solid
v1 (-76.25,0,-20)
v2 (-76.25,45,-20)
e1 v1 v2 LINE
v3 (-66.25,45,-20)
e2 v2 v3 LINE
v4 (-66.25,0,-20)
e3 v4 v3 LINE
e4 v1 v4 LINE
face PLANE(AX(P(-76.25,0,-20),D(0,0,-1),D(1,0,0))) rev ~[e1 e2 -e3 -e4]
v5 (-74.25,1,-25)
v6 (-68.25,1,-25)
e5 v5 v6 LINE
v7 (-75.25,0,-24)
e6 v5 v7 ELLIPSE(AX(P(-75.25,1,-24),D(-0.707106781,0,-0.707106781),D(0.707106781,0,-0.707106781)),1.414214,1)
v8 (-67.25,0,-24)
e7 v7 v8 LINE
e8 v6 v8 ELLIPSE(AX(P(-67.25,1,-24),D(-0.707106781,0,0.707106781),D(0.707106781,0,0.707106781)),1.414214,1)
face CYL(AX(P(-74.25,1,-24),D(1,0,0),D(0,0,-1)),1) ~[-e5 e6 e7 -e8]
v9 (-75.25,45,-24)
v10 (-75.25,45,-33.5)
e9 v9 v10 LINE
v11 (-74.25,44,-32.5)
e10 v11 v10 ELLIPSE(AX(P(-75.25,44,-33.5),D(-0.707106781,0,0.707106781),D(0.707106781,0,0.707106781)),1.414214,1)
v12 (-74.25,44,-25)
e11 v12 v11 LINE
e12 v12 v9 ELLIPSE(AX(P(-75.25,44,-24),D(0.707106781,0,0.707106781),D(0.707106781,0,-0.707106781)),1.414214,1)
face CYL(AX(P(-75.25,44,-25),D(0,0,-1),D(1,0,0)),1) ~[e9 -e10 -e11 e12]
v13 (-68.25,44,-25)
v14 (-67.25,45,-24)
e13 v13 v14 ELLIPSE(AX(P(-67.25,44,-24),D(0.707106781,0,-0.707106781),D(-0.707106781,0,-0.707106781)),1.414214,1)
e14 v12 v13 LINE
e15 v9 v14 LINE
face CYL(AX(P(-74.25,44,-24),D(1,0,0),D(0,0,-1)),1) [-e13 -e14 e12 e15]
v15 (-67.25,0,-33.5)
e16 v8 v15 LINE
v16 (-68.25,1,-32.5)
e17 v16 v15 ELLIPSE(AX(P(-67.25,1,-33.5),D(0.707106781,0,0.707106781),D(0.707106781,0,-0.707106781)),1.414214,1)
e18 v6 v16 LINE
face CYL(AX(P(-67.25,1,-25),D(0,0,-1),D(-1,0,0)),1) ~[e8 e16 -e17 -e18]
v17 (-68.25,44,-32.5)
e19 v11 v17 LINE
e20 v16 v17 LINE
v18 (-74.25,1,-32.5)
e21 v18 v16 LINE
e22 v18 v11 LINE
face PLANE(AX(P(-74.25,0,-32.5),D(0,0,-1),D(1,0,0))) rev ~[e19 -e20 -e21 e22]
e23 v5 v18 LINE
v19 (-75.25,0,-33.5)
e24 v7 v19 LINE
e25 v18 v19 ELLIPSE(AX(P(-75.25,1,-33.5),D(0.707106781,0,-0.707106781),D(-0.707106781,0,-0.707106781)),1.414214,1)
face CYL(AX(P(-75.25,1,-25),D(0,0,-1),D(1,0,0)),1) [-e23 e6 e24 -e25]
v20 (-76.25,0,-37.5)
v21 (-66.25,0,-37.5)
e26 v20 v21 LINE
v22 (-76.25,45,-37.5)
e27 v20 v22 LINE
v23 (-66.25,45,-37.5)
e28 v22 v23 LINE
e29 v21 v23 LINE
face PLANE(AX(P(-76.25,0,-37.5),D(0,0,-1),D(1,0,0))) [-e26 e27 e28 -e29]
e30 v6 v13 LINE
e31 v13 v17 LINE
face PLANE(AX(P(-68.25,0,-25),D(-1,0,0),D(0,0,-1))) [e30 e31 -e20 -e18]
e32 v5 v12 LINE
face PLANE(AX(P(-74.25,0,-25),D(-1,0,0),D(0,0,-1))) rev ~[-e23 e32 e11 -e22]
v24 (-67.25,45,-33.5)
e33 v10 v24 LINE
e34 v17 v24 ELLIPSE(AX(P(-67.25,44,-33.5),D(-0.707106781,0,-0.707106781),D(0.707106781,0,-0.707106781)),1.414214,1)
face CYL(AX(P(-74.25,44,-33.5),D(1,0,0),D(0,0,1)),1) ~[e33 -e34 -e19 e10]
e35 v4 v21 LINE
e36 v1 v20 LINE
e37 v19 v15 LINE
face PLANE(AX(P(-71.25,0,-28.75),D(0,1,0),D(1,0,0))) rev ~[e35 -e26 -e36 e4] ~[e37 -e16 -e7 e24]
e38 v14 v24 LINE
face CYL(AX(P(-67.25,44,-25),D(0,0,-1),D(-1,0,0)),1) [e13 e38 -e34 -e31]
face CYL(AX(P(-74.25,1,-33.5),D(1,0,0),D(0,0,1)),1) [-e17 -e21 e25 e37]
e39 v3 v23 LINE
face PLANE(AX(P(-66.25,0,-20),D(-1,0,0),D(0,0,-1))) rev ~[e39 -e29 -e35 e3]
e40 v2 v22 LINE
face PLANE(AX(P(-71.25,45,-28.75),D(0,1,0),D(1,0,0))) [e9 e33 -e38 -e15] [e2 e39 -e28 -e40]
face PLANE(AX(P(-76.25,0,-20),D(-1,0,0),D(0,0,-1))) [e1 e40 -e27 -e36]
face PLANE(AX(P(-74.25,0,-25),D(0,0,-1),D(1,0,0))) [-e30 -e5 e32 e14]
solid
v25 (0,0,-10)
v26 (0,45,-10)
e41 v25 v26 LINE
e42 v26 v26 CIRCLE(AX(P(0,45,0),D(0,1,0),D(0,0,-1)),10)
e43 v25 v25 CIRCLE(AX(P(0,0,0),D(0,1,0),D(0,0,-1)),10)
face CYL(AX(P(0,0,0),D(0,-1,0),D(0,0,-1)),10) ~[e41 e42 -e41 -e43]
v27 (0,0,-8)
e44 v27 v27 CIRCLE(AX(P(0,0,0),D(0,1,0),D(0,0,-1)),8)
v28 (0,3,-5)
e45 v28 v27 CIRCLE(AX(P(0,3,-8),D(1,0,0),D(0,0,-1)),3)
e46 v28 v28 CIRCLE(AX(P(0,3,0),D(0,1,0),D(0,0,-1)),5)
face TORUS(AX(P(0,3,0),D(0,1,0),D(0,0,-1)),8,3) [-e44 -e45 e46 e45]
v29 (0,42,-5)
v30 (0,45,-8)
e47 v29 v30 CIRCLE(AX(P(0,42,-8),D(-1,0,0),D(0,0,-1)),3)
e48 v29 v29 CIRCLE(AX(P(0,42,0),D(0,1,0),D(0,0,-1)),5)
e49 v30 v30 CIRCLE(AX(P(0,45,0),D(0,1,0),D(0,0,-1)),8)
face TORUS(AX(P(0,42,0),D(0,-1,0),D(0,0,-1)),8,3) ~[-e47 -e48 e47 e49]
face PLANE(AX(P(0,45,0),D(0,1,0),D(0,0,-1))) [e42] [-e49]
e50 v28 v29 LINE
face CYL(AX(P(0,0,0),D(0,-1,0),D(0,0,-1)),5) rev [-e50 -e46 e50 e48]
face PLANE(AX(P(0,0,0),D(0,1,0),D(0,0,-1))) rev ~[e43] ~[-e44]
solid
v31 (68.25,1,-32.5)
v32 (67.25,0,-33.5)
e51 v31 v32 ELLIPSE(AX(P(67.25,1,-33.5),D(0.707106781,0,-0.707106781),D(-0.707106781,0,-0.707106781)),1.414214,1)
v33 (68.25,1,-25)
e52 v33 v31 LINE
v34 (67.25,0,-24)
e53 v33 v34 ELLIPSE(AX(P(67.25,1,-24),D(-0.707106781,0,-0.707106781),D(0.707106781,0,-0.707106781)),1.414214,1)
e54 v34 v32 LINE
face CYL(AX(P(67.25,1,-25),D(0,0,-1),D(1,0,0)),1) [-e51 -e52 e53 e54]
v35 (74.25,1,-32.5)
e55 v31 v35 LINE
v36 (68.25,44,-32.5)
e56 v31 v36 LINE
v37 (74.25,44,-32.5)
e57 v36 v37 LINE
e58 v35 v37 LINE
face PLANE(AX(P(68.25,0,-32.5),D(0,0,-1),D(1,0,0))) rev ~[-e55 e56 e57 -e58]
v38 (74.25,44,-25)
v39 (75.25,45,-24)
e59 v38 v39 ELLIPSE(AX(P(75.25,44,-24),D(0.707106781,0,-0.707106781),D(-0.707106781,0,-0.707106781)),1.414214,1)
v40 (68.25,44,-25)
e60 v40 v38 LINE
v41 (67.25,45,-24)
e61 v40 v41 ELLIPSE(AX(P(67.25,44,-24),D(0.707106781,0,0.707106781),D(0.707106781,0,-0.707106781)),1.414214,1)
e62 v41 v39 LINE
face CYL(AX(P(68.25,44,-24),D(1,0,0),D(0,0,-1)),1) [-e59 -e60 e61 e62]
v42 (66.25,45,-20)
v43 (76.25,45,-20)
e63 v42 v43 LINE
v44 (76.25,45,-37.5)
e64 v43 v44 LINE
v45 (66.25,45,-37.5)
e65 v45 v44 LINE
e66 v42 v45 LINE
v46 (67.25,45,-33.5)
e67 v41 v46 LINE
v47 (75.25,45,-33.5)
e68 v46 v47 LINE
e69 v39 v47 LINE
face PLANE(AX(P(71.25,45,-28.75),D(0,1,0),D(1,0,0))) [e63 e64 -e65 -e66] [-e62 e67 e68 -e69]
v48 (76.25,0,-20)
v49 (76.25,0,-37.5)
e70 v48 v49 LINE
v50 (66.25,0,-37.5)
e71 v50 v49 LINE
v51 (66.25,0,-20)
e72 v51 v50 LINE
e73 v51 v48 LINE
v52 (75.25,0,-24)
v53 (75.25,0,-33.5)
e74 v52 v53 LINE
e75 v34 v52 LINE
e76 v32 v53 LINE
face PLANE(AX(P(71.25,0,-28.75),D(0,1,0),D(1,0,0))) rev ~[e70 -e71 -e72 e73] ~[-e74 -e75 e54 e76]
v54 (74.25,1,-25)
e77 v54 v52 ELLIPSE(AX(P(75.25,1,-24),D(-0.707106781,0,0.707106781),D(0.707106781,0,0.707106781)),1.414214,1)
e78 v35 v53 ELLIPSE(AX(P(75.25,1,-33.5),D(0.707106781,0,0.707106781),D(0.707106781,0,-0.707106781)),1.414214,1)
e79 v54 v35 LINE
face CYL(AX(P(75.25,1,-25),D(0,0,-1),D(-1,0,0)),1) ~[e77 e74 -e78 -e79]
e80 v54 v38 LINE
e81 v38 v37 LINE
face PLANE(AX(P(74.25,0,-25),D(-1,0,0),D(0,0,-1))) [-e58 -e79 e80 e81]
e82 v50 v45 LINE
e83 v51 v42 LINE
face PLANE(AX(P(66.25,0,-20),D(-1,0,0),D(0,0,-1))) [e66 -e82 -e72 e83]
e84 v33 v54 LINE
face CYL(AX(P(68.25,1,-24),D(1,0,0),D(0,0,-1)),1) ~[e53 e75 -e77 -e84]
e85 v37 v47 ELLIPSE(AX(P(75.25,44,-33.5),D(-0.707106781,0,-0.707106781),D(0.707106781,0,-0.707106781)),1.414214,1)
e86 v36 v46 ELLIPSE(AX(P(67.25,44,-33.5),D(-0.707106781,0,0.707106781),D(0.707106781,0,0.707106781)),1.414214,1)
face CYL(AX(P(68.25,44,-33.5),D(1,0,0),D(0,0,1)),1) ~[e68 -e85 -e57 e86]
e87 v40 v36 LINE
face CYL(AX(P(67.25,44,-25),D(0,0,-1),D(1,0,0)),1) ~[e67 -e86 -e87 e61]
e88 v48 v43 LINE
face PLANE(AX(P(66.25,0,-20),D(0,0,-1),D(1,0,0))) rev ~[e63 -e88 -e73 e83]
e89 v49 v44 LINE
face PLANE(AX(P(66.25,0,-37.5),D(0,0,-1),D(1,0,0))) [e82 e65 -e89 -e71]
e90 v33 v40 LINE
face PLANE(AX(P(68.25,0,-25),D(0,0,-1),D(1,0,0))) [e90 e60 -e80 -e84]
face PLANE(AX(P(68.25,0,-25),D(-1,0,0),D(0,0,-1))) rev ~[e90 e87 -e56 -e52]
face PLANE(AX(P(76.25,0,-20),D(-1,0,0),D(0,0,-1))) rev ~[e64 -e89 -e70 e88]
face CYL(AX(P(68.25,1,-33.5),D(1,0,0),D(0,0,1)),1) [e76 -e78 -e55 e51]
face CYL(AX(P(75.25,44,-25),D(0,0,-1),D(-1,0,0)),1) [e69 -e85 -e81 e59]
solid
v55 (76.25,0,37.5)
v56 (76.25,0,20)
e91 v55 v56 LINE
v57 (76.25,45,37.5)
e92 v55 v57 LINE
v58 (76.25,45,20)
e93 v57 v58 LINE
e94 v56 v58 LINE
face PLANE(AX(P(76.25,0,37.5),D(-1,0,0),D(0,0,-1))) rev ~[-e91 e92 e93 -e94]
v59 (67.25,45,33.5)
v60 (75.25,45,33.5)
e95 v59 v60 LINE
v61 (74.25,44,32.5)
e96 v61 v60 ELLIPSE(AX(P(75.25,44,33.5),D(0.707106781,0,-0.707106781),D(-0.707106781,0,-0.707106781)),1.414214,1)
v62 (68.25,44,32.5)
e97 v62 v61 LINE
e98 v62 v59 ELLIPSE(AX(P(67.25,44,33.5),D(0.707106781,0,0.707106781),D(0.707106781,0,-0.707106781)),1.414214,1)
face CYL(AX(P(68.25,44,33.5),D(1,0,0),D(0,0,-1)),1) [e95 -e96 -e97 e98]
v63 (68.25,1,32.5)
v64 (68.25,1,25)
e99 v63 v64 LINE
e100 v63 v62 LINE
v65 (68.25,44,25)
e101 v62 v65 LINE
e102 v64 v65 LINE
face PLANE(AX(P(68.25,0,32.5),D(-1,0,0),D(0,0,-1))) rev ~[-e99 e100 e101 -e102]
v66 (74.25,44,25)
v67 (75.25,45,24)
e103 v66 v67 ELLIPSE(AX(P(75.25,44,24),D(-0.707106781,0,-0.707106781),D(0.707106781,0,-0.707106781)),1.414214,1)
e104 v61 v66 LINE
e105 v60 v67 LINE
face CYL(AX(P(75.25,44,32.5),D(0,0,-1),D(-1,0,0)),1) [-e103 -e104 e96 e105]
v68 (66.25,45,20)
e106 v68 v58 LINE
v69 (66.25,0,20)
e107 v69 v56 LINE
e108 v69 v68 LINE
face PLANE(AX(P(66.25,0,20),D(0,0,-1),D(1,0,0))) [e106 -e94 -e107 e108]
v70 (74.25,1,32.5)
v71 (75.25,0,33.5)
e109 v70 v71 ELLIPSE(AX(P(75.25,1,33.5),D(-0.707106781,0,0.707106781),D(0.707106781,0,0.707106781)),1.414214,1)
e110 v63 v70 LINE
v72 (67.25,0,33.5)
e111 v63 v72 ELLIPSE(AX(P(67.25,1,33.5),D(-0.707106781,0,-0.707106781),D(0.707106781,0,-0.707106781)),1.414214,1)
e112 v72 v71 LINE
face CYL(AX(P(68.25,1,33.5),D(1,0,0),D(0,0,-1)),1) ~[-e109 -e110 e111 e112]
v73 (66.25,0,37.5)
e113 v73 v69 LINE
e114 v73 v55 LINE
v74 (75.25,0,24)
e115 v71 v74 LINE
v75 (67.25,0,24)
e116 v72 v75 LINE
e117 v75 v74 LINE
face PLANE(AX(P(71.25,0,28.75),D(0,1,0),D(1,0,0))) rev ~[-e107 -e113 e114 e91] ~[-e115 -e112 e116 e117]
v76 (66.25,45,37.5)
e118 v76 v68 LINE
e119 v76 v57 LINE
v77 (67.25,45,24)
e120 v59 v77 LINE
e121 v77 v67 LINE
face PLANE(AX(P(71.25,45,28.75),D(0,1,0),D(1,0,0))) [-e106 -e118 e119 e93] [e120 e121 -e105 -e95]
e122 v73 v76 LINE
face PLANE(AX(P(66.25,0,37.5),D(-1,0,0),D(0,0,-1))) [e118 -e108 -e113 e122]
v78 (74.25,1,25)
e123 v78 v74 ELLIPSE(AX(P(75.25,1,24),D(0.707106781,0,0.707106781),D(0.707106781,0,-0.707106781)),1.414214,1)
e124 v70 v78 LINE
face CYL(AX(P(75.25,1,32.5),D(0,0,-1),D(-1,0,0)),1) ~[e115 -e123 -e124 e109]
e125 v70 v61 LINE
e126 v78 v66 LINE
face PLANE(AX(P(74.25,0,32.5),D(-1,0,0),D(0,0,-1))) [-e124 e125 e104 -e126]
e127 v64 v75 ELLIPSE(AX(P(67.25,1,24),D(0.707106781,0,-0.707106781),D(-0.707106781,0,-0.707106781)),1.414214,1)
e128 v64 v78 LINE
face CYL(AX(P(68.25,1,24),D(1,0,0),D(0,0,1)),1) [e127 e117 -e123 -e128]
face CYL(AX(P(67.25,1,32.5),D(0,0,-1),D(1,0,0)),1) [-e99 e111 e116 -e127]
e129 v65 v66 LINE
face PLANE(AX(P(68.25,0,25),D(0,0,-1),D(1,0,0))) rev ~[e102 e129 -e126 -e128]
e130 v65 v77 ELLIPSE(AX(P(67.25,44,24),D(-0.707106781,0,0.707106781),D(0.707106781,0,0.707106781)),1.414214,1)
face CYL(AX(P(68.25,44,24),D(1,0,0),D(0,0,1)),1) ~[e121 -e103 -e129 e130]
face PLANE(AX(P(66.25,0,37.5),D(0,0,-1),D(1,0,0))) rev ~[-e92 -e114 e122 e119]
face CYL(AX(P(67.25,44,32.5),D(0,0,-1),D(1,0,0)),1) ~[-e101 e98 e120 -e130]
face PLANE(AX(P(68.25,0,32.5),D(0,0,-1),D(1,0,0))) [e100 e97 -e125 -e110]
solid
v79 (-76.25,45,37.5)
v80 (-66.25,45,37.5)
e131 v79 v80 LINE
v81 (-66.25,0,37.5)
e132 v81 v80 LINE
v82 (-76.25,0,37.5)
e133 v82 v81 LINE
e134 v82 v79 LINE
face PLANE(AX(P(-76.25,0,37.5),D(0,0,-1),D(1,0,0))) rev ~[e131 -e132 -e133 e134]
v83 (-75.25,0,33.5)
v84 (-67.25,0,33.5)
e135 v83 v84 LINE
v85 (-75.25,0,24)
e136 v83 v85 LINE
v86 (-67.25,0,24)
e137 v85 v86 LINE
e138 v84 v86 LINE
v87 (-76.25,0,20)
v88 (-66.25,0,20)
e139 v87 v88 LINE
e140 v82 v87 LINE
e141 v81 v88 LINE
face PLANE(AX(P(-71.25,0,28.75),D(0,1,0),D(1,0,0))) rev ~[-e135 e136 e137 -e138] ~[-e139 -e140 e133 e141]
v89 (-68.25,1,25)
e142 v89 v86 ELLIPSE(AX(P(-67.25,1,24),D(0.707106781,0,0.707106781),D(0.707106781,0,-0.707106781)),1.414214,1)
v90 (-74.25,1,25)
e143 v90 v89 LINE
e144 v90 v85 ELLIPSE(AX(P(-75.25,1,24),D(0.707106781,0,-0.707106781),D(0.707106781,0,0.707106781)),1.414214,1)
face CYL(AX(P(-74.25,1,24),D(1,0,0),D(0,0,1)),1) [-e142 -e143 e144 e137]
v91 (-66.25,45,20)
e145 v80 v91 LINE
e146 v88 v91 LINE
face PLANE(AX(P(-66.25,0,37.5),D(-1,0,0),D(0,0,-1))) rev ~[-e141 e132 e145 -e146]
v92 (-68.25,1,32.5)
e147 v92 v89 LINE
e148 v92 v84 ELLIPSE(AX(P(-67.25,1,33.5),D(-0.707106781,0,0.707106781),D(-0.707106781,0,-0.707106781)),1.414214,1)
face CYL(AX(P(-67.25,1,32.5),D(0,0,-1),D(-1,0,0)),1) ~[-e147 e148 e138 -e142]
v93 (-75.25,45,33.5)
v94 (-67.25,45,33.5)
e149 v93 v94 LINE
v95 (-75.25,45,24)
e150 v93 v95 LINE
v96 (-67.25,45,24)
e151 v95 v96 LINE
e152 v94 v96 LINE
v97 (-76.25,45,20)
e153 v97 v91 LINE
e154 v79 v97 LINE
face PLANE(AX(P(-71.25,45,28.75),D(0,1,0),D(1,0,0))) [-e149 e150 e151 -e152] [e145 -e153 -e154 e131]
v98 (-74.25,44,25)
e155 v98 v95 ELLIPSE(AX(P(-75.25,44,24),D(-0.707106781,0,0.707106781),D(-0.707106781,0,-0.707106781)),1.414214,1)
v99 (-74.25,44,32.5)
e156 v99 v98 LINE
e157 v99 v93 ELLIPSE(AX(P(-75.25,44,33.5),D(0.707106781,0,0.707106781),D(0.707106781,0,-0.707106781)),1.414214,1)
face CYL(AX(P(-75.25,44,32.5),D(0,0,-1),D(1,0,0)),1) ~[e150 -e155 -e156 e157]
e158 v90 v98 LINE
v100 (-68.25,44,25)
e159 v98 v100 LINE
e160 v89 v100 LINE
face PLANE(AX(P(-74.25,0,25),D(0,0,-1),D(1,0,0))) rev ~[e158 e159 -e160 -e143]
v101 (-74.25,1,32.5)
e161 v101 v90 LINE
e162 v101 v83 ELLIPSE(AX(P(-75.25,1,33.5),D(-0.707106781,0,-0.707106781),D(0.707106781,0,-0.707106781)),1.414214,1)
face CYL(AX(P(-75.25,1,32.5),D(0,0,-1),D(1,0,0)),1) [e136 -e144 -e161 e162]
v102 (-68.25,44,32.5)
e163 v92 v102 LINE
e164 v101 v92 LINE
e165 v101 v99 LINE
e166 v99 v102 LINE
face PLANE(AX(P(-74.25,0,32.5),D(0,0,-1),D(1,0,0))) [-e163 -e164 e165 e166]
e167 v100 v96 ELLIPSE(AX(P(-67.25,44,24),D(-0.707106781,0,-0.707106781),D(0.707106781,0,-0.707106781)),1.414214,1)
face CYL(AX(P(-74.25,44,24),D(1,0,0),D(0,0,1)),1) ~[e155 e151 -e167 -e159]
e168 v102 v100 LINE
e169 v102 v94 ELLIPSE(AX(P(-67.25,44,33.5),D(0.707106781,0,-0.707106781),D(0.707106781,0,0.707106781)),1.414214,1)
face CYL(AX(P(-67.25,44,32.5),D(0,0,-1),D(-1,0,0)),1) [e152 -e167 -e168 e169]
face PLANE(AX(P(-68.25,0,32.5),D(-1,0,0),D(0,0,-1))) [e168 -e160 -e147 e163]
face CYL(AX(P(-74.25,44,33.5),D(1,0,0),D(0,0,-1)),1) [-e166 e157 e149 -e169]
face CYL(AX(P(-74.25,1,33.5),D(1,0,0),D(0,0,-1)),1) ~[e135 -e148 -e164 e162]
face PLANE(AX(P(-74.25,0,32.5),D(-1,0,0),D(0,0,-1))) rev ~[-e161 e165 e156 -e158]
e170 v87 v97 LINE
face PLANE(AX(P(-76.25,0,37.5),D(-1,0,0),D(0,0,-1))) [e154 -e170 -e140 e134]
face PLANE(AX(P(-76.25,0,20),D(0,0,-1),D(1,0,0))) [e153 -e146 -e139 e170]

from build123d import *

# Parameters (mm, degrees)
SKETCH1_R             = 10
SKETCH1_R_2           = 5
BOSS_EXTRUDE1_DEPTH   = 45
SKETCH1_W             = 10
SKETCH1_H             = 17.5
SKETCH1_W_2           = 6
SKETCH1_H_2           = 7.5
BOSS_EXTRUDE1_2_DEPTH = 45
BOSS_EXTRUDE1_3_DEPTH = 45
BOSS_EXTRUDE1_4_DEPTH = 45
BOSS_EXTRUDE1_5_DEPTH = 45
FILLET1_R             = 1
FILLET2_R             = 1
FILLET3_R             = 1
FILLET4_R             = 1
FILLET5_R             = 3


with BuildPart() as part:
    # Sketch1 → Boss-Extrude1 (new body)
    with BuildSketch(Plane(origin=(0, 0, 0), x_dir=(1, 0, 0), z_dir=(0, 1, 0))):
        with Locations(Location((0, 0, 0), (0, 0, 90))):
            Circle(SKETCH1_R)
        with Locations(Location((0, 0, 0), (0, 0, 90))):
            Circle(SKETCH1_R_2, mode=Mode.SUBTRACT)
    extrude(amount=BOSS_EXTRUDE1_DEPTH)

    # Fillet5
    fillet5_edges = [part.edges().sort_by_distance(p)[0] for p in [
        (0, 0, 5),
        (0, 45, 5),
    ]]
    fillet(fillet5_edges, radius=FILLET5_R)


with BuildPart() as body_2:
    # Sketch1 → Boss-Extrude1 2 (new body)
    with BuildSketch(Plane(origin=(0, 0, 0), x_dir=(1, 0, 0), z_dir=(0, 1, 0))):
        with Locations((-71.25, -28.75)):
            Rectangle(SKETCH1_W, SKETCH1_H)
        with Locations((-71.25, -28.75)):
            Rectangle(SKETCH1_W_2, SKETCH1_H_2, mode=Mode.SUBTRACT)
    extrude(amount=BOSS_EXTRUDE1_2_DEPTH)

    # Fillet2
    fillet2_edges = [body_2.edges().sort_by_distance(p)[0] for p in [
        (-68.25, 0, 28.75),
        (-71.25, 0, 25),
        (-74.25, 0, 28.75),
        (-71.25, 0, 32.5),
        (-71.25, 45, 32.5),
        (-74.25, 45, 28.75),
        (-71.25, 45, 25),
        (-68.25, 45, 28.75),
    ]]
    fillet(fillet2_edges, radius=FILLET2_R)


with BuildPart() as body_3:
    # Sketch1 → Boss-Extrude1 3 (new body)
    with BuildSketch(Plane(origin=(0, 0, 0), x_dir=(1, 0, 0), z_dir=(0, 1, 0))):
        with Locations((-71.25, 28.75)):
            Rectangle(SKETCH1_W, SKETCH1_H)
        with Locations((-71.25, 28.75)):
            Rectangle(SKETCH1_W_2, SKETCH1_H_2, mode=Mode.SUBTRACT)
    extrude(amount=BOSS_EXTRUDE1_3_DEPTH)

    # Fillet1
    fillet1_edges = [body_3.edges().sort_by_distance(p)[0] for p in [
        (-74.25, 0, -28.75),
        (-71.25, 0, -25),
        (-68.25, 0, -28.75),
        (-71.25, 0, -32.5),
        (-71.25, 45, -32.5),
        (-68.25, 45, -28.75),
        (-71.25, 45, -25),
        (-74.25, 45, -28.75),
    ]]
    fillet(fillet1_edges, radius=FILLET1_R)


with BuildPart() as body_4:
    # Sketch1 → Boss-Extrude1 4 (new body)
    with BuildSketch(Plane(origin=(0, 0, 0), x_dir=(1, 0, 0), z_dir=(0, 1, 0))):
        with Locations((71.25, 28.75)):
            Rectangle(SKETCH1_W, SKETCH1_H)
        with Locations((71.25, 28.75)):
            Rectangle(SKETCH1_W_2, SKETCH1_H_2, mode=Mode.SUBTRACT)
    extrude(amount=BOSS_EXTRUDE1_4_DEPTH)

    # Fillet4
    fillet4_edges = [body_4.edges().sort_by_distance(p)[0] for p in [
        (68.25, 0, -28.75),
        (71.25, 0, -25),
        (74.25, 0, -28.75),
        (71.25, 0, -32.5),
        (71.25, 45, -32.5),
        (74.25, 45, -28.75),
        (71.25, 45, -25),
        (68.25, 45, -28.75),
    ]]
    fillet(fillet4_edges, radius=FILLET4_R)


with BuildPart() as body_5:
    # Sketch1 → Boss-Extrude1 5 (new body)
    with BuildSketch(Plane(origin=(0, 0, 0), x_dir=(1, 0, 0), z_dir=(0, 1, 0))):
        with Locations((71.25, -28.75)):
            Rectangle(SKETCH1_W, SKETCH1_H)
        with Locations((71.25, -28.75)):
            Rectangle(SKETCH1_W_2, SKETCH1_H_2, mode=Mode.SUBTRACT)
    extrude(amount=BOSS_EXTRUDE1_5_DEPTH)

    # Fillet3
    fillet3_edges = [body_5.edges().sort_by_distance(p)[0] for p in [
        (68.25, 0, 28.75),
        (71.25, 0, 32.5),
        (74.25, 0, 28.75),
        (71.25, 0, 25),
        (71.25, 45, 25),
        (74.25, 45, 28.75),
        (71.25, 45, 32.5),
        (68.25, 45, 28.75),
    ]]
    fillet(fillet3_edges, radius=FILLET3_R)


solid = Compound([part.part, body_2.part, body_3.part, body_4.part, body_5.part])
